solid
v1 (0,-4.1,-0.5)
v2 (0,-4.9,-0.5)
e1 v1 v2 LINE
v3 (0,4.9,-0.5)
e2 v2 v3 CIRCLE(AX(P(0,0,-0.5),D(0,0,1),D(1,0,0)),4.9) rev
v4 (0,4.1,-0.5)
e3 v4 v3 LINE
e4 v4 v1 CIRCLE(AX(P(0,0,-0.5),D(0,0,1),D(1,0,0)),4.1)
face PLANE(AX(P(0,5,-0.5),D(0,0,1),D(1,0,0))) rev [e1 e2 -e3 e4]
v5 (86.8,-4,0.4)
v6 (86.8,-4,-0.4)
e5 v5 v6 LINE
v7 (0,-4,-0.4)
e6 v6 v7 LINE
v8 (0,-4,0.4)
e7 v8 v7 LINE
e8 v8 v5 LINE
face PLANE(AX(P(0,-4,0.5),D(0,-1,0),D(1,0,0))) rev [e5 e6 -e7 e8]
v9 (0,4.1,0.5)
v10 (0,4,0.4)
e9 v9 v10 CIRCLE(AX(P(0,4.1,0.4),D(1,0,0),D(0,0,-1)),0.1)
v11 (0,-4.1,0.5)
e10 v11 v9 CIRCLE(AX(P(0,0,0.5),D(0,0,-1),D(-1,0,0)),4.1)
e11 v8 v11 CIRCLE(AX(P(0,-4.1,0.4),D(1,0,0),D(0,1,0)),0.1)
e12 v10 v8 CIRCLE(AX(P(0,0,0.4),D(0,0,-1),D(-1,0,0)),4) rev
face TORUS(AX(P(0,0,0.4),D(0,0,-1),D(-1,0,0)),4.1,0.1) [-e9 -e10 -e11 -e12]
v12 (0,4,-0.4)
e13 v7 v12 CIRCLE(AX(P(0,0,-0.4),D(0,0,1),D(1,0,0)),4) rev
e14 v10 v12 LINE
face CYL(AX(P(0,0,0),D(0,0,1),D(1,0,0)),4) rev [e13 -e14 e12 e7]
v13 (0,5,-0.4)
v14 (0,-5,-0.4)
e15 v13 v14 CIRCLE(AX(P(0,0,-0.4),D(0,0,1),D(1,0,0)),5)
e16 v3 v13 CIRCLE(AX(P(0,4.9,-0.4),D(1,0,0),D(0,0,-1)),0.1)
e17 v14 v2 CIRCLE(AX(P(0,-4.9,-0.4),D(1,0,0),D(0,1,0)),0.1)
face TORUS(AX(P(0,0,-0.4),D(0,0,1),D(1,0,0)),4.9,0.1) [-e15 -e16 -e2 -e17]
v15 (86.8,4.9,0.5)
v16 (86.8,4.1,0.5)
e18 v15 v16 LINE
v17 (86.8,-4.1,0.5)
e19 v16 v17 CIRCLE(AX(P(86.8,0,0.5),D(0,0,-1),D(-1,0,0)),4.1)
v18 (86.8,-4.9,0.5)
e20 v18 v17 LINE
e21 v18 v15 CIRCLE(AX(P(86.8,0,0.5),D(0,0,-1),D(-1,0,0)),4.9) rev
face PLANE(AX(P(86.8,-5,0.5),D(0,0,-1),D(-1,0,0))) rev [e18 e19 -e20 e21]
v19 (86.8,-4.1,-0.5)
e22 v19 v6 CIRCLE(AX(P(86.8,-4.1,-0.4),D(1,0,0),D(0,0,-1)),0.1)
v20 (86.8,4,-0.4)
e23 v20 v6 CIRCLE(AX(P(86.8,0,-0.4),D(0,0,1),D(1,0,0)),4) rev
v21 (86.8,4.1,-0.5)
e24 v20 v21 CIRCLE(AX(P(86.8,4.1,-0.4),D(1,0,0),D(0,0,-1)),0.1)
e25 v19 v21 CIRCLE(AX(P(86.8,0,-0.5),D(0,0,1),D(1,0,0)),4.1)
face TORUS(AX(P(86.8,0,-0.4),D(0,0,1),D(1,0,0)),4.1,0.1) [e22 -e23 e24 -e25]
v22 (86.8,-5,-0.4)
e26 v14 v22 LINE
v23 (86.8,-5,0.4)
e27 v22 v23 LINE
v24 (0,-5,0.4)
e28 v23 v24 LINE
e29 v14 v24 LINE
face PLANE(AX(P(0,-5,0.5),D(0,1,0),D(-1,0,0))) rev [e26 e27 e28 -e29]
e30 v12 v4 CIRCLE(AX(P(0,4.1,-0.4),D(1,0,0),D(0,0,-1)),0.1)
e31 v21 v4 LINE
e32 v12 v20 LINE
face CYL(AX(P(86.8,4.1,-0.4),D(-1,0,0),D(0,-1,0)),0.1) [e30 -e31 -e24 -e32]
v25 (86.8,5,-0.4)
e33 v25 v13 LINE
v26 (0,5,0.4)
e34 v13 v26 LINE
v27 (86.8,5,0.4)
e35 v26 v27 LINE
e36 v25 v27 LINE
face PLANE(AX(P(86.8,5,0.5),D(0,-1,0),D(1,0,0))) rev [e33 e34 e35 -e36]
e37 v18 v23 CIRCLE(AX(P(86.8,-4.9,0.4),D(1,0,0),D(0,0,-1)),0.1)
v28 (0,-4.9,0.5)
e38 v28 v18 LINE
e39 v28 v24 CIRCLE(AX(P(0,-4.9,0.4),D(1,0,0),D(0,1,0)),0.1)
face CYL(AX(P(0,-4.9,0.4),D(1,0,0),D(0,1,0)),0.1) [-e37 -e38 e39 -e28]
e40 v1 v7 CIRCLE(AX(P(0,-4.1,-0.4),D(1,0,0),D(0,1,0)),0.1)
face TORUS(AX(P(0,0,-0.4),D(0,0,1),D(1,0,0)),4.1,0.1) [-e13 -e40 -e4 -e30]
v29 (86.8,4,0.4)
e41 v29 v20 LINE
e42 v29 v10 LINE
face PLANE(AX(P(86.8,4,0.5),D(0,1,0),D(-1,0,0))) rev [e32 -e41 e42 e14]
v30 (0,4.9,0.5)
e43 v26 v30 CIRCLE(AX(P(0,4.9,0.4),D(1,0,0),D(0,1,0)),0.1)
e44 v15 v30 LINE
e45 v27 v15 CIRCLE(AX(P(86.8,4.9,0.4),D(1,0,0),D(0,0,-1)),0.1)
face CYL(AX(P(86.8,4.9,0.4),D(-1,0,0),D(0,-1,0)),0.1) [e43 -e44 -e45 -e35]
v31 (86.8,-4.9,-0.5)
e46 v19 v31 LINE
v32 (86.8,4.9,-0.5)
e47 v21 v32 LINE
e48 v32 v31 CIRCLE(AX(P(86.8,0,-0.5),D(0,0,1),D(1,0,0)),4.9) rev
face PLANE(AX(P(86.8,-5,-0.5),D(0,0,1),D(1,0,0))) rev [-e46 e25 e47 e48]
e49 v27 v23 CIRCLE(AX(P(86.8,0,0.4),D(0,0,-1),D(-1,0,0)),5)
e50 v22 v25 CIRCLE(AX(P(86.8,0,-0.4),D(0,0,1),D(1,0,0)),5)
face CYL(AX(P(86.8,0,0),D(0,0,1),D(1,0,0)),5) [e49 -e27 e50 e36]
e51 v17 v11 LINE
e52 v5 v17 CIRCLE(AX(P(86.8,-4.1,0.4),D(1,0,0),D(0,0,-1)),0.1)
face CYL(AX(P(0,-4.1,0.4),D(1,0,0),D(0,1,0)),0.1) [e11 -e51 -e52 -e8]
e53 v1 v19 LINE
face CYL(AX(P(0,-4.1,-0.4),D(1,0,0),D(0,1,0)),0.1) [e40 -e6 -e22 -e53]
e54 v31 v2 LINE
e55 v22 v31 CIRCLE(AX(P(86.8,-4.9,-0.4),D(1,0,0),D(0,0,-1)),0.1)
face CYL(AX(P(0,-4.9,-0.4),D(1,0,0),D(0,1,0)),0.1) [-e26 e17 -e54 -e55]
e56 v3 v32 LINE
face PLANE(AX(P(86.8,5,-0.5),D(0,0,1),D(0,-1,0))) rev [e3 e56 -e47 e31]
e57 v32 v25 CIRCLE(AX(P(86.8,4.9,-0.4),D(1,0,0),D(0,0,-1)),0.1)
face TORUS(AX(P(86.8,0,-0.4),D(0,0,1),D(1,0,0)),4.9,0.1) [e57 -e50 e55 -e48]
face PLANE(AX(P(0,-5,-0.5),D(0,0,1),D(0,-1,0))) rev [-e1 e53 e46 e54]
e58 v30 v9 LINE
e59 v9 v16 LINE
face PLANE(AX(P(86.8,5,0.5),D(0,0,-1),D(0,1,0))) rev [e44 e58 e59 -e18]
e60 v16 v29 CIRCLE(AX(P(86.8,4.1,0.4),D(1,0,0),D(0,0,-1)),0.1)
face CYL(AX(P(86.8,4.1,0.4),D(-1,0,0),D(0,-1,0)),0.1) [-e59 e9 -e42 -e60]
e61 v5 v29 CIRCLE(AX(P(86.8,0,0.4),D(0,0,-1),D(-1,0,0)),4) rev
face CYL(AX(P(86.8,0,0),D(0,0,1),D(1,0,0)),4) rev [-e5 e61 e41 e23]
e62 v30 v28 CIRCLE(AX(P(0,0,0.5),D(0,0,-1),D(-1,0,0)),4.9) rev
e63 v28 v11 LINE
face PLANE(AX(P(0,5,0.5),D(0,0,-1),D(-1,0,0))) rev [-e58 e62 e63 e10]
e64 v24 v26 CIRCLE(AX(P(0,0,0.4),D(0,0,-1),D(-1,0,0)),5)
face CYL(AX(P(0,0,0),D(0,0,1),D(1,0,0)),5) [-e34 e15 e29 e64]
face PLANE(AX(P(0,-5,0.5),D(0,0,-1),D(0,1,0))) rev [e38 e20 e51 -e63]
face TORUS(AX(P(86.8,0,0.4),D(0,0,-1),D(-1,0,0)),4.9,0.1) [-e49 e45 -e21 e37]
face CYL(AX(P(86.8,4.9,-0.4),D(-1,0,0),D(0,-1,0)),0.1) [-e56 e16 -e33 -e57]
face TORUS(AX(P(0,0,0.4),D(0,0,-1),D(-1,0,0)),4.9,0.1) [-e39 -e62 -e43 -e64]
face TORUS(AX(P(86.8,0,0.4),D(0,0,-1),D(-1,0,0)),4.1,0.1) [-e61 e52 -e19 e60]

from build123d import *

# Parameters (mm, degrees)
SKETCH3_W    = 1
SKETCH3_H    = 1
SOFT_EDGES_R = 0.1


with BuildPart() as part:
    # rubber_band: sweep along a path in Sketch2
    with BuildLine(Plane.XY) as rubber_band_path:
        Line((0, 4.5), (86.8, 4.5))
        ThreePointArc((86.8, 4.5), (91.3, 0), (86.8, -4.5))
        Line((86.8, -4.5), (0, -4.5))
        ThreePointArc((0, -4.5), (-4.5, 0), (0, 4.5))
    # Sketch3 → rubber_band (sweep)
    with BuildSketch(Plane(origin=(0, 0, 0), x_dir=(0, 0, -1), z_dir=(1, 0, 0))):
        with Locations((0, 4.5)):
            Rectangle(SKETCH3_W, SKETCH3_H)
    sweep(path=rubber_band_path.line)

    # soft_edges
    soft_edges_edges = [part.edges().sort_by_distance(p)[0] for p in [
        (-5, 0, 0.5),
        (-4, 0, 0.5),
        (-4, 0, -0.5),
        (-5, 0, -0.5),
        (43.4, -5, 0.5),
        (43.4, -4, 0.5),
        (43.4, -4, -0.5),
        (43.4, -5, -0.5),
        (91.8, 0, 0.5),
        (90.8, 0, 0.5),
        (90.8, 0, -0.5),
        (91.8, 0, -0.5),
        (43.4, 5, 0.5),
        (43.4, 4, 0.5),
        (43.4, 4, -0.5),
        (43.4, 5, -0.5),
    ]]
    fillet(soft_edges_edges, radius=SOFT_EDGES_R)


solid = part.part
